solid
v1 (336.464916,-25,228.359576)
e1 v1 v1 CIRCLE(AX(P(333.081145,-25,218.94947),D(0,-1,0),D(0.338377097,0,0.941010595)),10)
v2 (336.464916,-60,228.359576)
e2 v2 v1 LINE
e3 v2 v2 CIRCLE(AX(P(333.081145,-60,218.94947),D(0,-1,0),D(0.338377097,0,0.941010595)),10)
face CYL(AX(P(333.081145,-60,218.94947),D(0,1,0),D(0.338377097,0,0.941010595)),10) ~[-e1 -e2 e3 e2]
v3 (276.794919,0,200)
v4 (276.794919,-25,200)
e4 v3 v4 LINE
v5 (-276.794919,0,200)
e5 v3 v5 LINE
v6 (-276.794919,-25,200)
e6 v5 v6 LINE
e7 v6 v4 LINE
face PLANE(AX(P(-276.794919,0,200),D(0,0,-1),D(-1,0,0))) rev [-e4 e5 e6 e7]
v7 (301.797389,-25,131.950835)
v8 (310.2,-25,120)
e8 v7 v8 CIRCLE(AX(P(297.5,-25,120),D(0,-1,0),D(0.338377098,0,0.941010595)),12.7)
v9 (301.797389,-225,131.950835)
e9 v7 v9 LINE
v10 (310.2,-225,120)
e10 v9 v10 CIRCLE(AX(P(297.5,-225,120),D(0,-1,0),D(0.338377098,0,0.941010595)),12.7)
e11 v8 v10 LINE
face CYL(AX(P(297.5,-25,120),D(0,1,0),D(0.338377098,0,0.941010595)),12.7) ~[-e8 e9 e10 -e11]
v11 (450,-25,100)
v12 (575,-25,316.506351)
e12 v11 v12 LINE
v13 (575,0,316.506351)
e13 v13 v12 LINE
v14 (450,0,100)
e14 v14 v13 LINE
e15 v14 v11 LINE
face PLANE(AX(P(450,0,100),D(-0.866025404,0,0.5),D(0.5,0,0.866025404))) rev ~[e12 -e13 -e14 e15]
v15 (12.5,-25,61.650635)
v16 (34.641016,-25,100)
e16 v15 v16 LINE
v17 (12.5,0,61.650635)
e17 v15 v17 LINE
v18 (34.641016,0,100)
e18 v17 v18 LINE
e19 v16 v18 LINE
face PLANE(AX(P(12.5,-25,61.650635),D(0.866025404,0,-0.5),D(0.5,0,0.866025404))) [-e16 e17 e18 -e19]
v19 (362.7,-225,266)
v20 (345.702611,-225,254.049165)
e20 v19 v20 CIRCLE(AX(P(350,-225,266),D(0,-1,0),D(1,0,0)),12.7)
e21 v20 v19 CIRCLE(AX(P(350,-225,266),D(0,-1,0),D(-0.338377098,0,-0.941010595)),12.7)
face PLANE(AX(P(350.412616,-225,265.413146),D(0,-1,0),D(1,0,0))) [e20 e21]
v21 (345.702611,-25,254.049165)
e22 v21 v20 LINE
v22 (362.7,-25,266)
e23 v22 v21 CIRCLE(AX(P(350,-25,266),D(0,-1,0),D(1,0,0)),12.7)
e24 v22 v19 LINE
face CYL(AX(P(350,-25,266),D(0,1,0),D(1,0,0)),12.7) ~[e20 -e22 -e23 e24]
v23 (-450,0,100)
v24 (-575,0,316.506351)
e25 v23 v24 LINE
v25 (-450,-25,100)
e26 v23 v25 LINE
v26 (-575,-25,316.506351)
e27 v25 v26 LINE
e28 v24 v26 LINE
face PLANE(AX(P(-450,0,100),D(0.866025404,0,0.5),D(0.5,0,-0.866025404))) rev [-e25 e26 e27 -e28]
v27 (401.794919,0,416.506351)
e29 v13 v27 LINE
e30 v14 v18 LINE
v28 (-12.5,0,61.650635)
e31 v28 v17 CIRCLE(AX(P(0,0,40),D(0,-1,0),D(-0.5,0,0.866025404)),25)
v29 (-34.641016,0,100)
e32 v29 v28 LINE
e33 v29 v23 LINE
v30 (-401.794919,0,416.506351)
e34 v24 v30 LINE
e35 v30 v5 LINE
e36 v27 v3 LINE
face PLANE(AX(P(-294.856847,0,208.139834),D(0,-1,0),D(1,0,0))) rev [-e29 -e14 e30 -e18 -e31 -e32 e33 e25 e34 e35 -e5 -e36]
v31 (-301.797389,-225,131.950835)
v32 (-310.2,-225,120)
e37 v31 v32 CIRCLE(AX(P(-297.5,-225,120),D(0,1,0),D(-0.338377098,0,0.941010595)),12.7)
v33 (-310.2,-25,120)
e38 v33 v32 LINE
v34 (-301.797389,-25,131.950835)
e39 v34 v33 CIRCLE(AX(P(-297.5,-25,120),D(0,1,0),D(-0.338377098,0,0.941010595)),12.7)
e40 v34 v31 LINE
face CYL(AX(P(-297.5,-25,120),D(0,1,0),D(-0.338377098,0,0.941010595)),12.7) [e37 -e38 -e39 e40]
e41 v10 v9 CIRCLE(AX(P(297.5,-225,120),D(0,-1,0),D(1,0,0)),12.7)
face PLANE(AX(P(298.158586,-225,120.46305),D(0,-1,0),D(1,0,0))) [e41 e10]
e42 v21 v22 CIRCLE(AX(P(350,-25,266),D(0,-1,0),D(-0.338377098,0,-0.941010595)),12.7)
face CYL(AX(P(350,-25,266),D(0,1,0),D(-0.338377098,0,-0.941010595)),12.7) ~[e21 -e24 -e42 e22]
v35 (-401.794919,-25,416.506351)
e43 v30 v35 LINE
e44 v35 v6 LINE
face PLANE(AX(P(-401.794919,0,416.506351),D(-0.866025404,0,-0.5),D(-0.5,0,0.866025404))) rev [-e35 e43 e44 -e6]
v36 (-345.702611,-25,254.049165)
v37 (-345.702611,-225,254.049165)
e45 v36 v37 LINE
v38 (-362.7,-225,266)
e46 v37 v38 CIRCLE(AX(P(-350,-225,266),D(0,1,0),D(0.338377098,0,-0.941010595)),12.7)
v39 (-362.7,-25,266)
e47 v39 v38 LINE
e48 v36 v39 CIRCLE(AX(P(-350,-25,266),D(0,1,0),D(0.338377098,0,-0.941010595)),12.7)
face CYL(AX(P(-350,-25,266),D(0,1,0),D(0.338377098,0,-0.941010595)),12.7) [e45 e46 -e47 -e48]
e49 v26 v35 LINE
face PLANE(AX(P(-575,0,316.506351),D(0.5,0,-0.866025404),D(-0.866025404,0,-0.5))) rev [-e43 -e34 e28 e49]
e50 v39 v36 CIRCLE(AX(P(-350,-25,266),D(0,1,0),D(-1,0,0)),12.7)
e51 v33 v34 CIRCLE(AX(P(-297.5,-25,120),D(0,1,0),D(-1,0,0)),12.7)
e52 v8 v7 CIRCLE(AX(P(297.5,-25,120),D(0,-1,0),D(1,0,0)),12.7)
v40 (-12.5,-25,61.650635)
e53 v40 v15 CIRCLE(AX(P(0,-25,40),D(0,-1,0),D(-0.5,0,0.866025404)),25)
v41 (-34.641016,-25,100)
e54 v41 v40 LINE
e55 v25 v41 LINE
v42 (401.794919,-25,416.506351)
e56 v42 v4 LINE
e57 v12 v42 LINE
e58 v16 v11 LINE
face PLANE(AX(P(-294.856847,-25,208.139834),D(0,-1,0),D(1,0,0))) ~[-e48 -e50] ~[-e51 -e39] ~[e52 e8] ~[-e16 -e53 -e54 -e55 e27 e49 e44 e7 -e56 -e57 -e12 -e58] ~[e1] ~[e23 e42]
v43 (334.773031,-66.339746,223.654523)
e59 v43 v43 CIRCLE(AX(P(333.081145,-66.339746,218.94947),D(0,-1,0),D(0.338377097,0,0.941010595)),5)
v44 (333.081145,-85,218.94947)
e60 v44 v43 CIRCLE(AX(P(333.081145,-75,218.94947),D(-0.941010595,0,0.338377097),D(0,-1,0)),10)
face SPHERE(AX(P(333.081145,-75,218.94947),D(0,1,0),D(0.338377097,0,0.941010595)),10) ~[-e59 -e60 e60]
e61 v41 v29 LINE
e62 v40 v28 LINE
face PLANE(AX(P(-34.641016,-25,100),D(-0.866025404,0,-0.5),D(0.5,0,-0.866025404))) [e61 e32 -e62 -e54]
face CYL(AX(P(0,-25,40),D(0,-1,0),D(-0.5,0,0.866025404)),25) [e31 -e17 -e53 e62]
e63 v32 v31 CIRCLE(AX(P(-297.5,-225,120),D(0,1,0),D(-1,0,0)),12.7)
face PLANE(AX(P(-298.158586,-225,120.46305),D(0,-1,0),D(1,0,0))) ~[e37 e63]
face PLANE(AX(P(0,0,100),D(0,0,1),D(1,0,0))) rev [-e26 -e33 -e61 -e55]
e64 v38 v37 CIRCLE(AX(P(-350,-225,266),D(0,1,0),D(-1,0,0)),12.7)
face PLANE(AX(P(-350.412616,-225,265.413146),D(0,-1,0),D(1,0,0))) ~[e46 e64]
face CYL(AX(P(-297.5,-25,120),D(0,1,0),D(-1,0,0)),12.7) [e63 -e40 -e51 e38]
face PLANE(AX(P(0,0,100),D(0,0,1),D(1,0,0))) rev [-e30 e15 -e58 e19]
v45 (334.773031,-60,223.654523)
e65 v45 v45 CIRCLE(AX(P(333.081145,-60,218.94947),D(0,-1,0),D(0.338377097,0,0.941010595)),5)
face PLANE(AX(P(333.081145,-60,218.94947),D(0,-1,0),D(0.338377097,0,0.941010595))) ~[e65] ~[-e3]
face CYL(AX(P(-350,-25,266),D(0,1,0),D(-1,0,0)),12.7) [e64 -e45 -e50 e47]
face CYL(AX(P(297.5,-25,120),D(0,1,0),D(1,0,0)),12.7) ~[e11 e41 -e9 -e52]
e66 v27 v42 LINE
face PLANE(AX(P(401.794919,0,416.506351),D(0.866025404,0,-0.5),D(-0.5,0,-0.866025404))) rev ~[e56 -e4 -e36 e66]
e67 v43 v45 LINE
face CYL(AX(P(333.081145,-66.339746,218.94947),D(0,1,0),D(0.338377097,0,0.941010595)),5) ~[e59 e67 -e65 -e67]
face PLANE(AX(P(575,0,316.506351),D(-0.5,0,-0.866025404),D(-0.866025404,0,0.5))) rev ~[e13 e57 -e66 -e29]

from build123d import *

# Parameters (mm, degrees)
F1_DEPTH = 25
F3_DEPTH = 200
F6_DEPTH = 25


with BuildPart() as f1:
    # F0 (on Front) → F1 (new body)
    with BuildSketch(Plane.XZ):
        Polygon((0, 200), (0, 100), (450, 100), (575, 316.5063509461), (401.7949192431, 416.5063509461), (276.7949192431, 200), align=None)
    extrude(amount=F1_DEPTH)

    # F2 (on face) → F3 (join)
    with BuildSketch(Plane.XZ.offset(25)):
        with BuildLine():
            ThreePointArc((345.7026108616, 254.0491654437), (357.30455878, 255.6108989307), (362.7, 266))
            ThreePointArc((362.7, 266), (342.69544122, 276.3891010693), (345.7026108616, 254.0491654437))
        make_face()
        with BuildLine():
            ThreePointArc((310.2, 120), (307.8891010693, 127.30455878), (301.7973891384, 131.9508345563))
            ThreePointArc((301.7973891384, 131.9508345563), (287.1108989307, 112.69544122), (310.2, 120))
        make_face()
    extrude(amount=F3_DEPTH)

    # F4: F1 across plane


with BuildPart() as f1_1:
    add(f1.part)
    add(f1.part.mirror(Plane.YZ))

    # F5 (on face) → F6 (join)
    with BuildSketch(Plane.XZ.offset(25)):
        with BuildLine():
            Line((-34.6410161514, 100), (-12.5, 61.6506350946))
            ThreePointArc((-12.5, 61.6506350946), (0, 15), (12.5, 61.6506350946))
            Line((12.5, 61.6506350946), (34.6410161514, 100))
            Line((34.6410161514, 100), (-34.6410161514, 100))
        make_face()
    extrude(amount=-F6_DEPTH)

    # F8 (on line) → F9 (revolve)
    with BuildSketch(Plane(origin=(225.2265575507, 0, -80.989001859), x_dir=(0, -1, 0), z_dir=(-0.941010595, 0, 0.3383770975))):
        with BuildLine():
            Line((25, 328.7408023961), (25, 318.7408023961))
            Line((25, 318.7408023961), (85, 318.7408023961))
            ThreePointArc((85, 318.7408023961), (77.588190451, 328.400060659), (66.3397459622, 323.7408023961))
            Line((66.3397459622, 323.7408023961), (60, 323.7408023961))
            Line((60, 323.7408023961), (60, 328.7408023961))
            Line((60, 328.7408023961), (25, 328.7408023961))
        make_face()
    revolve(axis=Axis((333.0811451244, -55, 218.9494702506), (0, -1, 0)))


solid = f1_1.part
